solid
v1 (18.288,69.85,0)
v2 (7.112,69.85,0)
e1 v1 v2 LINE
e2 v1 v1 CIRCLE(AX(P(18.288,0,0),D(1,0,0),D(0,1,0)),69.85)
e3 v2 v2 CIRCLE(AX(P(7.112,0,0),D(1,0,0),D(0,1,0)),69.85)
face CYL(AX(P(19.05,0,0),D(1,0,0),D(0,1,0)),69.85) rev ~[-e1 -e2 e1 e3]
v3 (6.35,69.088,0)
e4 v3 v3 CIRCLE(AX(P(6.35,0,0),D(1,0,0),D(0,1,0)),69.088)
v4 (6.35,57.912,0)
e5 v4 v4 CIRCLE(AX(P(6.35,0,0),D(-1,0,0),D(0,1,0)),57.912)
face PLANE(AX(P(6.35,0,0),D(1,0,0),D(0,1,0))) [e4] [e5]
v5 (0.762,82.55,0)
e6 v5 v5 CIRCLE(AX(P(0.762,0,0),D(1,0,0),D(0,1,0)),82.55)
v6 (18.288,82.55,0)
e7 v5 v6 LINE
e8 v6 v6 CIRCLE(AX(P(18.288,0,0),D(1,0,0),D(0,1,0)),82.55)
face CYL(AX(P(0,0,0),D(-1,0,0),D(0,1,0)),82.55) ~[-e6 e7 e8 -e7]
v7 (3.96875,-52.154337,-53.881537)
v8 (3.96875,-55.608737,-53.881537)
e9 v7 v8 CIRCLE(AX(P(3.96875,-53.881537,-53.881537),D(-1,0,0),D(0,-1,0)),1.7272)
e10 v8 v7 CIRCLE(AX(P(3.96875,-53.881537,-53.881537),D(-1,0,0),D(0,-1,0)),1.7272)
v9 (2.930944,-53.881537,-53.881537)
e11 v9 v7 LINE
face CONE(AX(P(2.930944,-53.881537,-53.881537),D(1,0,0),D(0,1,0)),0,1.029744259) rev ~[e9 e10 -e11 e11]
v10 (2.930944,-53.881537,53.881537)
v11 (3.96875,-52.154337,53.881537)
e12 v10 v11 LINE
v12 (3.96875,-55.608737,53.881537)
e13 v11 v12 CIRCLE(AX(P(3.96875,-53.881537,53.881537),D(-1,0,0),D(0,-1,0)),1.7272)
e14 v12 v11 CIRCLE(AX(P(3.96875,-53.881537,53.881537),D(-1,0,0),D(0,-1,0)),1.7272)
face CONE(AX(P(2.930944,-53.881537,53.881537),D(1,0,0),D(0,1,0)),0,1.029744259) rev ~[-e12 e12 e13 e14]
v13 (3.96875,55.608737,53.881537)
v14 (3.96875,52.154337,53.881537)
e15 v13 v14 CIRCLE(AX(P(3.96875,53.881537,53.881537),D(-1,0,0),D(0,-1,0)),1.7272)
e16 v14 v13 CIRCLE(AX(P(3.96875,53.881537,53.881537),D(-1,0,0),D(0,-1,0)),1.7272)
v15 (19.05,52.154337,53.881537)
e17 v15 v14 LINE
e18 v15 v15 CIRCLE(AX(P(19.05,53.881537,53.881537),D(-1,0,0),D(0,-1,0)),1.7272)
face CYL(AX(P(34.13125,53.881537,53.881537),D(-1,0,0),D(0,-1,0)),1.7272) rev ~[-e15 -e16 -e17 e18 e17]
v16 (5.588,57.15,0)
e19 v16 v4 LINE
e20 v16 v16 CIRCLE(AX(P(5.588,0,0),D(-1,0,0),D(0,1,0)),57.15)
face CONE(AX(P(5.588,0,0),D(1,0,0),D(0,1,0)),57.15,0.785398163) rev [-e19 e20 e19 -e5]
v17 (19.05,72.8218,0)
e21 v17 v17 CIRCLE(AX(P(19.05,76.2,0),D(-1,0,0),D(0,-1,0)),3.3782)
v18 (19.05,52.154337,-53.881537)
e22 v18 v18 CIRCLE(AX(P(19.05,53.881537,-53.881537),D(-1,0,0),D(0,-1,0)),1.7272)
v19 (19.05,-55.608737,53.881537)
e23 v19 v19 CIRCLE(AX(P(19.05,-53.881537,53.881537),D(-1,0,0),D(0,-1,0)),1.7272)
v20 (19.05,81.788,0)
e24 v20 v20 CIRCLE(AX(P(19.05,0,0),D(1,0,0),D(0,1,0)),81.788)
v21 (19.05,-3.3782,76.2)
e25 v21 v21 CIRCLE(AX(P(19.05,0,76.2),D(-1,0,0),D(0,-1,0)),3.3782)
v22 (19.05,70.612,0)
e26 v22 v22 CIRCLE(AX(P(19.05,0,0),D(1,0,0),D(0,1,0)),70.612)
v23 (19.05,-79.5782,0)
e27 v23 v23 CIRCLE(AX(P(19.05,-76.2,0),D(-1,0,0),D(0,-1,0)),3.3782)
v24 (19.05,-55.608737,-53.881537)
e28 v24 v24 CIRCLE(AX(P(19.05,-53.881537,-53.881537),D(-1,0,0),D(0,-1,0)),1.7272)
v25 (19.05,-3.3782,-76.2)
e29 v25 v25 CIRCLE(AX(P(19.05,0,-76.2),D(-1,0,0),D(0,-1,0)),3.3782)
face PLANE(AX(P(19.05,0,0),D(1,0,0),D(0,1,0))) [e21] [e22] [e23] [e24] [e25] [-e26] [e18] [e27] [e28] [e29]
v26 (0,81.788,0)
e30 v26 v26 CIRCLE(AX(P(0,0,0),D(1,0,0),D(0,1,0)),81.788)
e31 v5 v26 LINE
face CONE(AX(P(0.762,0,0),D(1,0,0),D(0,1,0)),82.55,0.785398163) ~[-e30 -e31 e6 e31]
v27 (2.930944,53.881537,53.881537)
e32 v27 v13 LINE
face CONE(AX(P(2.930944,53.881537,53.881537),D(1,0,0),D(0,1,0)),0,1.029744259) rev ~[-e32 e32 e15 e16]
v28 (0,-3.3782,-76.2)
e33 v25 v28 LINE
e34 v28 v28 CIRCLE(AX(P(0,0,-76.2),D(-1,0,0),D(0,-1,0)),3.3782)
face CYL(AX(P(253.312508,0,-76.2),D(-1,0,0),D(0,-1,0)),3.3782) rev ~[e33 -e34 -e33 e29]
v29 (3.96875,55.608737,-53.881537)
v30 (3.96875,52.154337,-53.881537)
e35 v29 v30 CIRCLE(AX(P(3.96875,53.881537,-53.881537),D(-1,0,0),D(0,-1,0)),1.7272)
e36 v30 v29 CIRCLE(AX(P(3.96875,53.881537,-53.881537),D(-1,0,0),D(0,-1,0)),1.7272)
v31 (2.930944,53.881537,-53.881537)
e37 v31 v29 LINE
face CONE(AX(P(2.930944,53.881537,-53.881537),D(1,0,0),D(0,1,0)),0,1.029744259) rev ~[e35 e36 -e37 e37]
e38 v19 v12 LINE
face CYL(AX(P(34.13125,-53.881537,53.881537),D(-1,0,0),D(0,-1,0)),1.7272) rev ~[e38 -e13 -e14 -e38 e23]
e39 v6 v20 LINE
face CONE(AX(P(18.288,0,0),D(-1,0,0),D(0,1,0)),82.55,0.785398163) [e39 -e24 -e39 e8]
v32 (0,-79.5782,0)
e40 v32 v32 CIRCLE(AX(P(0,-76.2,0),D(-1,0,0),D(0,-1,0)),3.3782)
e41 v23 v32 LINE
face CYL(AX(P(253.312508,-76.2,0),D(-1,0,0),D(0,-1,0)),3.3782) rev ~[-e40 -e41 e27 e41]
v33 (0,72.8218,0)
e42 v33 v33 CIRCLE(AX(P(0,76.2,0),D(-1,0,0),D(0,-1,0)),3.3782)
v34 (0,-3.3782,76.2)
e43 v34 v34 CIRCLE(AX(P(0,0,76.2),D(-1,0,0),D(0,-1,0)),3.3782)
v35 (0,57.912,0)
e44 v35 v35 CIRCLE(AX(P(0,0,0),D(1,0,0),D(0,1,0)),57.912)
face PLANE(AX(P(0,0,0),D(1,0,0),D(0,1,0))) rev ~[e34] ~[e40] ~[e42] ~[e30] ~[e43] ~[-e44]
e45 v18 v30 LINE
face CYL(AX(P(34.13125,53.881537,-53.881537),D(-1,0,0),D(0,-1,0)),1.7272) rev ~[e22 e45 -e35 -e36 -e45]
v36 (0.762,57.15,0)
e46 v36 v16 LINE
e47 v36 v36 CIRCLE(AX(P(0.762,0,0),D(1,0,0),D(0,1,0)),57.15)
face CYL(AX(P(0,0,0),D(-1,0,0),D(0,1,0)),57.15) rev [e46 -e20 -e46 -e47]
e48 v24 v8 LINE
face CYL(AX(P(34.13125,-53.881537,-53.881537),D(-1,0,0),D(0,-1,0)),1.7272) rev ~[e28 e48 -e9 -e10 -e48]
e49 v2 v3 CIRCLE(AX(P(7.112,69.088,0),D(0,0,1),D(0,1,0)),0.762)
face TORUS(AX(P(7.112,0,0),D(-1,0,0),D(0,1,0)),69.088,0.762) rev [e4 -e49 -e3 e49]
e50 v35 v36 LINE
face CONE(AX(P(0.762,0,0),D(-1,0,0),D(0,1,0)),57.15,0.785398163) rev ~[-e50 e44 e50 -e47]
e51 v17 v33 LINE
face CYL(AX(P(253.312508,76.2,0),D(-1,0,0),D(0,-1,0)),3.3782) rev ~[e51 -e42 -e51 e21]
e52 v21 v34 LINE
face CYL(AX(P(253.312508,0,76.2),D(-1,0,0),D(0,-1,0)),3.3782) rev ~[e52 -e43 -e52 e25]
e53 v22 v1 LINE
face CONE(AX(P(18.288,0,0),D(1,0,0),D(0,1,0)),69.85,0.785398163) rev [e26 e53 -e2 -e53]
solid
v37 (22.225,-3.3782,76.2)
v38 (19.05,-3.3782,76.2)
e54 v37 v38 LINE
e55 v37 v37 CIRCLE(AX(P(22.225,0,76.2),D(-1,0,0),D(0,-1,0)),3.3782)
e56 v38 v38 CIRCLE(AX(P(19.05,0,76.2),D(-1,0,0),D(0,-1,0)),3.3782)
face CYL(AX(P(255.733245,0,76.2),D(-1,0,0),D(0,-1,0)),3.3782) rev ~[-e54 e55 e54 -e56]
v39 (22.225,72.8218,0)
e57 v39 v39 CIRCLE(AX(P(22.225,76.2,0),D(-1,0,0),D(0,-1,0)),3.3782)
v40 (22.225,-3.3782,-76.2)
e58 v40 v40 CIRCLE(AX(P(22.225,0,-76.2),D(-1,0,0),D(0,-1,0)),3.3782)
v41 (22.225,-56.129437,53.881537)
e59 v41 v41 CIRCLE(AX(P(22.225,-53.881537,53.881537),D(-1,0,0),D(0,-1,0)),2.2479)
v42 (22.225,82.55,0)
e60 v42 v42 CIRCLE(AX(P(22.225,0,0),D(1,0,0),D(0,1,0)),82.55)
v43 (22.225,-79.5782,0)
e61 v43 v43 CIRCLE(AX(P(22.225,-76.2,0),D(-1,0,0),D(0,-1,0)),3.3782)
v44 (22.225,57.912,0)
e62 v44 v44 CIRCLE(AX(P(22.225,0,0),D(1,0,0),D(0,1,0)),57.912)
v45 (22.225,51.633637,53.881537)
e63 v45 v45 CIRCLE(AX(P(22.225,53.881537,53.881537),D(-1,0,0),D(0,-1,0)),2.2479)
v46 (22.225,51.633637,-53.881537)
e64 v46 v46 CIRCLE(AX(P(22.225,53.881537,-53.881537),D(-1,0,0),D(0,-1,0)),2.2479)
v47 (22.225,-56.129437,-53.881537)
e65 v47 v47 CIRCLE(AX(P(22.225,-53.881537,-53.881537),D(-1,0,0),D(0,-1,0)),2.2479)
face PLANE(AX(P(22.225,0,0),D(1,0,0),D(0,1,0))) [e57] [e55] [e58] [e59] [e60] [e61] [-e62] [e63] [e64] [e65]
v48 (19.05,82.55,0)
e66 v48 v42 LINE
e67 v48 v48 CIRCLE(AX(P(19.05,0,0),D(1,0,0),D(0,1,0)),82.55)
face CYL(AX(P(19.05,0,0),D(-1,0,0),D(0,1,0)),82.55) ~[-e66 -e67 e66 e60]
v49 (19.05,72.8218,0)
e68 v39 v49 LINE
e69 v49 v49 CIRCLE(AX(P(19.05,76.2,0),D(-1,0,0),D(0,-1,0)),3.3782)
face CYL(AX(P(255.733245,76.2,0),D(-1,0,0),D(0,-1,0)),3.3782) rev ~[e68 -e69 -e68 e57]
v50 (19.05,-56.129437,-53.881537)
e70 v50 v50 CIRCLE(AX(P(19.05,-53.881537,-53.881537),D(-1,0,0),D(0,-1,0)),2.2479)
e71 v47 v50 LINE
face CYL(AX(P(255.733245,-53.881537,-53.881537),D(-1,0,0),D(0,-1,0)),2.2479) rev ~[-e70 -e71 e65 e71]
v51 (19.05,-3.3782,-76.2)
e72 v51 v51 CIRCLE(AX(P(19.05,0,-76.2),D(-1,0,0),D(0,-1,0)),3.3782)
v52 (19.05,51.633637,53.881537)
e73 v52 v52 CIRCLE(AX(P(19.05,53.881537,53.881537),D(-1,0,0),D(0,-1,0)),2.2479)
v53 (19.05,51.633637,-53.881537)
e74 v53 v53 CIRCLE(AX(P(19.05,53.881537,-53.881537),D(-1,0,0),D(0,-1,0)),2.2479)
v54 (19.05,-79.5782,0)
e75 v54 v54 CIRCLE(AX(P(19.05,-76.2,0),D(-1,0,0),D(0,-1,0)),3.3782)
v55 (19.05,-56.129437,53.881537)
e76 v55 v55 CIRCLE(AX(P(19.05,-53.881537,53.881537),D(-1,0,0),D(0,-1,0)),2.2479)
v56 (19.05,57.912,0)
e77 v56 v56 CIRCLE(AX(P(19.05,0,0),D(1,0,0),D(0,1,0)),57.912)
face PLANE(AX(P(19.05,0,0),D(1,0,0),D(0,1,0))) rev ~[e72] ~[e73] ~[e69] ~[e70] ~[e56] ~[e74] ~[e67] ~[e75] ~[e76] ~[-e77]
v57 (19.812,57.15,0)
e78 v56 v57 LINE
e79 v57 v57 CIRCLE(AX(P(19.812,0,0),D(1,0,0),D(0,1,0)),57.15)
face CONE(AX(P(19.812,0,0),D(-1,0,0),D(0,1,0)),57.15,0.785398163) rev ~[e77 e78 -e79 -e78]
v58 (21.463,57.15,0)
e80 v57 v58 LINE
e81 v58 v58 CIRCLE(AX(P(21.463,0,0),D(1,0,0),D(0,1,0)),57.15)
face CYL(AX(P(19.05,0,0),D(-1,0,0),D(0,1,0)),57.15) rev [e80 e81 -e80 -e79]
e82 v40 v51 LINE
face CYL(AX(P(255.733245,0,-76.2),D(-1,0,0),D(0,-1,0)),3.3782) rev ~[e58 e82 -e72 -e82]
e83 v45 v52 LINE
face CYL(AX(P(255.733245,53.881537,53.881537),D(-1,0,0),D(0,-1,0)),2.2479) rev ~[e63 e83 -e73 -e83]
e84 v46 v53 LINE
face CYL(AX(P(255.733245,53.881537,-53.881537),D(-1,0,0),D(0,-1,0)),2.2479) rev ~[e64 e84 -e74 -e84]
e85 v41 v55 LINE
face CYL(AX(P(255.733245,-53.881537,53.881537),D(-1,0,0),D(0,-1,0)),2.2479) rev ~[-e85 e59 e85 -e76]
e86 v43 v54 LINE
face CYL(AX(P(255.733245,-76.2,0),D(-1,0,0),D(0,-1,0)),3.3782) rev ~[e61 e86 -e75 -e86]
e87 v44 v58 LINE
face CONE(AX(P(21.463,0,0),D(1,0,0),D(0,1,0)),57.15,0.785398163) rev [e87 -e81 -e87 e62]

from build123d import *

# Parameters (mm, degrees)
F0_R      = 82.55
F0_R_2    = 57.15
F1_DEPTH  = 19.05
F2_R      = 69.85
F3_DEPTH  = 12.7
F5_D      = 6.7564
F7_D      = 3.4544
F7_DEPTH  = 15.08125
F7_TIP    = 1.0378064612
F8_SIZE   = 0.762
F9_R      = 0.762
F4_R      = 82.55
F4_R_2    = 69.85
F11_DEPTH = 3.175
F10_R     = 69.85
F10_R_2   = 57.15
F14_D     = 4.4958
F15_SIZE  = 0.762
F17_D     = 6.7564


with BuildPart() as f1:
    # F0 (on Right) → F1 (new body)
    with BuildSketch(Plane.YZ):
        Circle(F0_R)
        Circle(F0_R_2, mode=Mode.SUBTRACT)
    extrude(amount=F1_DEPTH)

    # F2 (on face) → F3 (cut)
    with BuildSketch(Plane.YZ.offset(19.05)):
        Circle(F2_R)
    extrude(amount=-F3_DEPTH, mode=Mode.SUBTRACT)

    # F5 (through all)
    with Locations(Plane.YZ.offset(19.05)):
        with Locations((0, 76.2), (76.2, 0), (0, -76.2), (-76.2, 0)):
            Hole(F5_D / 2)

    # F7
    with Locations(Plane.YZ.offset(19.05)):
        with Locations((-53.8815367264, 53.8815367264), (53.8815367264, 53.8815367264), (-53.8815367264, -53.8815367264), (53.8815367264, -53.8815367264)):
            Hole(F7_D / 2, depth=F7_DEPTH)
            with Locations((0, 0, -(F7_DEPTH + F7_TIP / 2))):  # 118° drill point
                Cone(0, F7_D / 2, F7_TIP, mode=Mode.SUBTRACT)

    # F8
    f8_edges = [f1.edges().sort_by_distance(p)[0] for p in [
        (19.05, -69.85, 0),
        (19.05, -82.55, 0),
        (0, -82.55, 0),
        (6.35, -57.15, 0),
        (0, -57.15, 0),
    ]]
    chamfer(f8_edges, length=F8_SIZE)

    # F9
    f9_edges = [f1.edges().sort_by_distance(p)[0] for p in [
        (6.35, -69.85, 0),
    ]]
    fillet(f9_edges, radius=F9_R)


with BuildPart() as f11:
    # F4 (on face) → F11 (new body)
    with BuildSketch(Plane.YZ.offset(19.05)):
        Circle(F4_R)
        Circle(F4_R_2, mode=Mode.SUBTRACT)
    extrude(amount=F11_DEPTH)


with BuildPart() as f11b:
    # F10 (on face) → F11, piece 2 (new body)
    with BuildSketch(Plane.YZ.offset(19.05)):
        Circle(F10_R)
        Circle(F10_R_2, mode=Mode.SUBTRACT)
    extrude(amount=F11_DEPTH)

    # F12: union F11
    add(f11.part)

    # F14 (through all)
    with Locations(Plane.YZ.offset(22.225)):
        with Locations((-53.8815367264, 53.8815367264), (53.8815367264, 53.8815367264), (-53.8815367264, -53.8815367264), (53.8815367264, -53.8815367264)):
            Hole(F14_D / 2)

    # F15
    f15_edges = [f11b.edges().sort_by_distance(p)[0] for p in [
        (22.225, -57.15, 0),
        (19.05, -57.15, 0),
    ]]
    chamfer(f15_edges, length=F15_SIZE)

    # F17 (through all)
    with Locations(Plane.YZ.offset(22.225)):
        with Locations((0, 76.2), (-76.2, 0), (0, -76.2), (76.2, 0)):
            Hole(F17_D / 2)


solid = Compound([f1.part, f11b.part])
